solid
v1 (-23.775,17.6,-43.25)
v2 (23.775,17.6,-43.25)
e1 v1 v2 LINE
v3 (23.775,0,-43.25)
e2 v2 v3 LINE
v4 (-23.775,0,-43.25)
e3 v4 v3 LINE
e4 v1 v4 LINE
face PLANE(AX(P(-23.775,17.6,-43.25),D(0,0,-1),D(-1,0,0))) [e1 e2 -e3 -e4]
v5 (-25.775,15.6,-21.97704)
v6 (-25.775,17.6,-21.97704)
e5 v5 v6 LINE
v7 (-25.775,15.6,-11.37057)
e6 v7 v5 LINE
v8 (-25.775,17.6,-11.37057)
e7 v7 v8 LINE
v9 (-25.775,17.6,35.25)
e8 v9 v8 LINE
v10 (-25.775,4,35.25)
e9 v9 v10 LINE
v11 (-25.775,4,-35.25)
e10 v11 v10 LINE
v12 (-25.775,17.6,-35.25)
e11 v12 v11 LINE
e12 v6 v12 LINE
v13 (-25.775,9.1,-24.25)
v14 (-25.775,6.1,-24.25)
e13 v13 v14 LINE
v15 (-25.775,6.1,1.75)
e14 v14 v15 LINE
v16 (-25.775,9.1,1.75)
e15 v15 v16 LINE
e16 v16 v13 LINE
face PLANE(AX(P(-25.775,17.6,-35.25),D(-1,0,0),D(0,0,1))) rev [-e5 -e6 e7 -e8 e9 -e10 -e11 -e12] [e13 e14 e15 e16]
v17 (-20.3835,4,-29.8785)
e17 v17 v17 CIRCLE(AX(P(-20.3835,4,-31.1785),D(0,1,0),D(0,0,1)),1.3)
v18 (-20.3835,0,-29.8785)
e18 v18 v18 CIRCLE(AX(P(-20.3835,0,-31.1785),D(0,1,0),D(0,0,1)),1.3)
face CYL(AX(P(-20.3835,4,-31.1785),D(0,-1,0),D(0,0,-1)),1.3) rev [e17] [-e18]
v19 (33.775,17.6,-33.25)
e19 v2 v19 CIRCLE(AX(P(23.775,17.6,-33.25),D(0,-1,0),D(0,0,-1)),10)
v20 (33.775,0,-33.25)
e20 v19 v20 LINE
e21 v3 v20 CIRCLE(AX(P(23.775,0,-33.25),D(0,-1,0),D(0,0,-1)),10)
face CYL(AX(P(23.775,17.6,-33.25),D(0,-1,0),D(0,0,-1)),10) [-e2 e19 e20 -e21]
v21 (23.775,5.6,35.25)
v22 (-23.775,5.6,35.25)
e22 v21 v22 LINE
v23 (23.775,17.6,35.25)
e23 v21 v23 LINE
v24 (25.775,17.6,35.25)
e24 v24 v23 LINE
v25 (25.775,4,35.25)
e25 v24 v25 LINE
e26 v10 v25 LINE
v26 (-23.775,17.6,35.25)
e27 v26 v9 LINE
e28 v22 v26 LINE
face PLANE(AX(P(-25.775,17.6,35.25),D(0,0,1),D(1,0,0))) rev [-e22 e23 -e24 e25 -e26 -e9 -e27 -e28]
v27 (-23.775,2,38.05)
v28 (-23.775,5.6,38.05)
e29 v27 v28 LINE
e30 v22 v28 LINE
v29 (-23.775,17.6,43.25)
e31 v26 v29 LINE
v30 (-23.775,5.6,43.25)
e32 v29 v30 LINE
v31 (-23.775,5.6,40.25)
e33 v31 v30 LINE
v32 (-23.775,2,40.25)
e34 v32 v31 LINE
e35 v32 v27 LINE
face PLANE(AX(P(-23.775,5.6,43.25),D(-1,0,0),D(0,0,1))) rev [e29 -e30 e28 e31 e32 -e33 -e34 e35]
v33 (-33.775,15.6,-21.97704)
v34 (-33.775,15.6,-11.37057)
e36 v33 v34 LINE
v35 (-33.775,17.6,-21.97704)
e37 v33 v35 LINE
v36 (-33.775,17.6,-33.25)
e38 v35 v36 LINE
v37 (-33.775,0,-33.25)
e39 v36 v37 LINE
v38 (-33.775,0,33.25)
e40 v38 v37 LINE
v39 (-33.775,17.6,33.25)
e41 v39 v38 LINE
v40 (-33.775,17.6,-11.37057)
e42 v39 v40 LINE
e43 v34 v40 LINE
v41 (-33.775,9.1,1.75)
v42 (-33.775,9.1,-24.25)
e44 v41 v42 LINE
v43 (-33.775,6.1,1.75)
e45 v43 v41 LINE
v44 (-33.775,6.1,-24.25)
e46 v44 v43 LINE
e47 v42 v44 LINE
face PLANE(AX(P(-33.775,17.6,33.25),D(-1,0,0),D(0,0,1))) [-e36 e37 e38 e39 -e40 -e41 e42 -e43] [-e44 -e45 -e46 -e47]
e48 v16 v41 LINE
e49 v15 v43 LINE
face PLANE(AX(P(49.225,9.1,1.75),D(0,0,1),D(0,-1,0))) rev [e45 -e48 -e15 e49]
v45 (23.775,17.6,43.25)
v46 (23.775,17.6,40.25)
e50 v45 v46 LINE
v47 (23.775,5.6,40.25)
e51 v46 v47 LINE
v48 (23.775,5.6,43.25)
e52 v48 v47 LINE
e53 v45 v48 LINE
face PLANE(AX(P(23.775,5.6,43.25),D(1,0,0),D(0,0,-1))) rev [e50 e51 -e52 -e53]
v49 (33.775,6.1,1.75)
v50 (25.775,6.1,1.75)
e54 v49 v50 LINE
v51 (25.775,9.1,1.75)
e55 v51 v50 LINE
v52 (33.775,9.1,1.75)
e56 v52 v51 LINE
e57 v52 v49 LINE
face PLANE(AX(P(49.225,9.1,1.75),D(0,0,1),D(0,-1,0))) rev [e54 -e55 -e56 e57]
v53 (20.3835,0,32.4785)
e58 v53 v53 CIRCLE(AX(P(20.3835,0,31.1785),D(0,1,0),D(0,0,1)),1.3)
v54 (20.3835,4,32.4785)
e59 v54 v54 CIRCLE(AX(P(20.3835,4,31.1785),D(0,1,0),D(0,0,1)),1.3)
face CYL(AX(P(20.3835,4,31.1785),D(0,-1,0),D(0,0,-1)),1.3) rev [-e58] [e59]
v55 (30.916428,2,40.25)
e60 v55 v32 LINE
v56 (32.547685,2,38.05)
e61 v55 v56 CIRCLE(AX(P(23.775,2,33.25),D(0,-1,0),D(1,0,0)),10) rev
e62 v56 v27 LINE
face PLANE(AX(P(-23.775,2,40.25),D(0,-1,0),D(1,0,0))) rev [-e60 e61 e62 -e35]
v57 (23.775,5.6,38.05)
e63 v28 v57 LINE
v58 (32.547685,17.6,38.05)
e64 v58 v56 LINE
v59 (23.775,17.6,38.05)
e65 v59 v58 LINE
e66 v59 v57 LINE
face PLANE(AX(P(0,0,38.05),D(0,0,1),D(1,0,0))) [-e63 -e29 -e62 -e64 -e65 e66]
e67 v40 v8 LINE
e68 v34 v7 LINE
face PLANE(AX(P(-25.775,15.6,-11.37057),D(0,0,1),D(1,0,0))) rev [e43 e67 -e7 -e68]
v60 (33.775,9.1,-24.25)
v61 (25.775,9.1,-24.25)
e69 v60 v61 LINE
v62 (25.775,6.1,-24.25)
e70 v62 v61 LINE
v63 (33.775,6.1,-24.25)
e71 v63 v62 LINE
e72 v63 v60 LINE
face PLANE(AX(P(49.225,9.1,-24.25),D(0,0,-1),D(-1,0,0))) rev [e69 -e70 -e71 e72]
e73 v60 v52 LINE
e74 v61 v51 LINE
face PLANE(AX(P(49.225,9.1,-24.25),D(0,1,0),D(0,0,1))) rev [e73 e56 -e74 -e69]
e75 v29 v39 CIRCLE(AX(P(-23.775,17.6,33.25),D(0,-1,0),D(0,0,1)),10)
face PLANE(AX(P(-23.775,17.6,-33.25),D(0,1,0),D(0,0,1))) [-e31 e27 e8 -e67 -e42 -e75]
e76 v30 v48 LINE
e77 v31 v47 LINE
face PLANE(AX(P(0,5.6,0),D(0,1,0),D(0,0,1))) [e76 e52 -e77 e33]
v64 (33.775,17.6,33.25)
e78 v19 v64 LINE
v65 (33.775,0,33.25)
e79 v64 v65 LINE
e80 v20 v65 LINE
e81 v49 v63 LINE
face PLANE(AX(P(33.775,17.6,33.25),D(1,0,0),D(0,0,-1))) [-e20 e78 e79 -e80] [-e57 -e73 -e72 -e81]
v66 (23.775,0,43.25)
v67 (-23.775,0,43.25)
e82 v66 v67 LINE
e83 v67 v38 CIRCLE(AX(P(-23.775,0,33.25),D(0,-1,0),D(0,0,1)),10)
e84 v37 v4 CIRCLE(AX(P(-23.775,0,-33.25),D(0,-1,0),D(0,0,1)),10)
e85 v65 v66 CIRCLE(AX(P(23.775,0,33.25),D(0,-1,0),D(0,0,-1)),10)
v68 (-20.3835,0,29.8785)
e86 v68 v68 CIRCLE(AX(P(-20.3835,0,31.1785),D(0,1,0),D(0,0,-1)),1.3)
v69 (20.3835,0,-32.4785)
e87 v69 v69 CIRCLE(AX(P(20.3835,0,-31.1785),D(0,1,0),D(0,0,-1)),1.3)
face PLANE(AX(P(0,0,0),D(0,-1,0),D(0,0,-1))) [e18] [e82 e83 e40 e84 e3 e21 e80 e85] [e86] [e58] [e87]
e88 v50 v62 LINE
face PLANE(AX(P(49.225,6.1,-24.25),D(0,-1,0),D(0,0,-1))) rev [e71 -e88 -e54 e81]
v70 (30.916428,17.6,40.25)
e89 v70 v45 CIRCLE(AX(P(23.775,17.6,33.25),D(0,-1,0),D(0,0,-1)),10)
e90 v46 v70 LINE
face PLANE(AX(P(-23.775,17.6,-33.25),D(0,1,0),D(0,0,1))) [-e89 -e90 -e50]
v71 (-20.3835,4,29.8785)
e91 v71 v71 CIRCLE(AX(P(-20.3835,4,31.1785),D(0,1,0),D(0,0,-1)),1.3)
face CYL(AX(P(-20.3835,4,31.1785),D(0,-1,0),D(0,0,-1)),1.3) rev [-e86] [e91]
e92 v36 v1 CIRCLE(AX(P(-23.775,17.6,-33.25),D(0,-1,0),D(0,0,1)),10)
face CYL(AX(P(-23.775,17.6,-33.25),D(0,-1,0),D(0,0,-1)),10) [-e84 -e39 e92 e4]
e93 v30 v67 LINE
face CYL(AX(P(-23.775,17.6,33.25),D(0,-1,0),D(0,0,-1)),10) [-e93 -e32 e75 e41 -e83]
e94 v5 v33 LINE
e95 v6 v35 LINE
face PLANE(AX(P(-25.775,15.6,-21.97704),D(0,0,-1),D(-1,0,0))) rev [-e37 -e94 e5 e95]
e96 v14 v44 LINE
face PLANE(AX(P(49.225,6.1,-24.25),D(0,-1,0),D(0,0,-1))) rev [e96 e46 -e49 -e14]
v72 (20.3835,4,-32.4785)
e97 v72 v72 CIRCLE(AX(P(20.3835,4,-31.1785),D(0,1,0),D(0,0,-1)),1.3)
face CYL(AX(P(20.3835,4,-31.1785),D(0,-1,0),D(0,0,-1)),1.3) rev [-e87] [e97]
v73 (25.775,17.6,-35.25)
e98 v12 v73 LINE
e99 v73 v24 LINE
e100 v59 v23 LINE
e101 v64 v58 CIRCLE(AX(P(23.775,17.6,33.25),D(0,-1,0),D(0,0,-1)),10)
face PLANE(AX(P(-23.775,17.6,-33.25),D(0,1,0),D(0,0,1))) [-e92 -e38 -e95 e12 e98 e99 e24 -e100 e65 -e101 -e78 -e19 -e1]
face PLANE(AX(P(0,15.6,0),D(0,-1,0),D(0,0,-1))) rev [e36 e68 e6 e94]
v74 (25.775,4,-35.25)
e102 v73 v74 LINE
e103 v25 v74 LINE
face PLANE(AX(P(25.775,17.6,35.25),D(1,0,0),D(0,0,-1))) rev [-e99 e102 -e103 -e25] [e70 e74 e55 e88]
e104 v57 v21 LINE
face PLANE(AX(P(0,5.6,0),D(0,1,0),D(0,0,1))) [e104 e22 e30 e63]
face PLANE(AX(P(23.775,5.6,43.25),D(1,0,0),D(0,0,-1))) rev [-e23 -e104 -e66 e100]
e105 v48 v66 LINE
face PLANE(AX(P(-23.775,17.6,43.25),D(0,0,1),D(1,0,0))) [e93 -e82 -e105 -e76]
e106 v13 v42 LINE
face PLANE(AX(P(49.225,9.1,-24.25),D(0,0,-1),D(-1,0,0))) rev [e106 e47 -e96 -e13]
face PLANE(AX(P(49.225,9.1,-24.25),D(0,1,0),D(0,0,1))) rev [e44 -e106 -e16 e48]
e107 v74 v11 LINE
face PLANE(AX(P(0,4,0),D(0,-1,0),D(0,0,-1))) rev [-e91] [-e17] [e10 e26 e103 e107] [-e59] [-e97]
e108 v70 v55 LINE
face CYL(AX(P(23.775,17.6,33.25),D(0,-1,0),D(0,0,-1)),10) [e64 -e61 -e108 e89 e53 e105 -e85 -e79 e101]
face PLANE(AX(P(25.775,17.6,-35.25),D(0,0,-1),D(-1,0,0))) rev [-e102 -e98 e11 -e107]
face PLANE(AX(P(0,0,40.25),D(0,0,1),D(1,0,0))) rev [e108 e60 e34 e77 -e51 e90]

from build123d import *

# Parameters (mm, degrees)
SKETCH_1_W          = 51.55
SKETCH_1_H          = 70.5
SKETCH_1_R          = 1.3
EXTRUDE_1_DEPTH     = 4
SKETCH_2_W          = 51.55
SKETCH_2_H          = 70.5
EXTRUDE_2_DEPTH     = 17.6
SKETCH_4_W          = 47.55
SKETCH_4_H          = 8
CUT_EXTRUDE_1_DEPTH = 12
SKETCH_6_W          = 57.55
SKETCH_6_H          = 15.6
CUT_EXTRUDE_3_DEPTH = 2.2
SKETCH_7_W          = 8
SKETCH_7_H          = 10.60647
CUT_EXTRUDE_4_DEPTH = 2
SKETCH_8_W          = 26
SKETCH_8_H          = 3
CUT_EXTRUDE_5_DEPTH = 83


with BuildPart() as part:
    # 草图1 → 凸台-拉伸1 (new body)
    with BuildSketch(Plane(origin=(0, 0, 0), x_dir=(1, 0, 0), z_dir=(0, 1, 0))):
        Rectangle(SKETCH_1_W, SKETCH_1_H)
        with Locations(Location((-20.3835, 31.1785, 0), (0, 0, 270))):
            Circle(SKETCH_1_R, mode=Mode.SUBTRACT)
        with Locations(Location((20.3835, 31.1785, 0), (0, 0, 90))):
            Circle(SKETCH_1_R, mode=Mode.SUBTRACT)
        with Locations(Location((20.3835, -31.1785, 0), (0, 0, 270))):
            Circle(SKETCH_1_R, mode=Mode.SUBTRACT)
        with Locations(Location((-20.3835, -31.1785, 0), (0, 0, 90))):
            Circle(SKETCH_1_R, mode=Mode.SUBTRACT)
    extrude(amount=EXTRUDE_1_DEPTH)

    # 草图2 → 凸台-拉伸2 (add)
    with BuildSketch(Plane.XZ):
        with BuildLine():
            Line((-23.775, 43.25), (23.775, 43.25))
            ThreePointArc((23.775, 43.25), (30.846067812, 40.321067812), (33.775, 33.25))
            Line((33.775, 33.25), (33.775, -33.25))
            ThreePointArc((33.775, -33.25), (30.846067812, -40.321067812), (23.775, -43.25))
            Line((23.775, -43.25), (-23.775, -43.25))
            ThreePointArc((-23.775, -43.25), (-30.846067812, -40.321067812), (-33.775, -33.25))
            Line((-33.775, -33.25), (-33.775, 33.25))
            ThreePointArc((-33.775, 33.25), (-30.846067812, 40.321067812), (-23.775, 43.25))
        make_face()
        Rectangle(SKETCH_2_W, SKETCH_2_H, mode=Mode.SUBTRACT)
    extrude(amount=-EXTRUDE_2_DEPTH)

    # 草图4 → 切除-拉伸1 (cut)
    with BuildSketch(Plane(origin=(0, 17.6, 0), x_dir=(1, 0, 0), z_dir=(0, 1, 0))):
        with Locations((0, -39.25)):
            Rectangle(SKETCH_4_W, SKETCH_4_H)
    extrude(amount=-CUT_EXTRUDE_1_DEPTH, mode=Mode.SUBTRACT)

    # 草图6 → 切除-拉伸3 (cut)
    with BuildSketch(Plane(origin=(0, 0, 38.05), x_dir=(-1, 0, 0), z_dir=(0, 0, -1))):
        with Locations((-5, 9.8)):
            Rectangle(SKETCH_6_W, SKETCH_6_H)
    extrude(amount=-CUT_EXTRUDE_3_DEPTH, mode=Mode.SUBTRACT)

    # 草图7 → 切除-拉伸4 (cut)
    with BuildSketch(Plane(origin=(0, 17.6, 0), x_dir=(1, 0, 0), z_dir=(0, 1, 0))):
        with Locations((-29.775, 16.673805)):
            Rectangle(SKETCH_7_W, SKETCH_7_H)
    extrude(amount=-CUT_EXTRUDE_4_DEPTH, mode=Mode.SUBTRACT)

    # 草图8 → 切除-拉伸5 (cut)
    with BuildSketch(Plane.ZY.offset(33.775)):
        with Locations((-11.25, 7.6)):
            Rectangle(SKETCH_8_W, SKETCH_8_H)
    extrude(amount=-CUT_EXTRUDE_5_DEPTH, mode=Mode.SUBTRACT)


solid = part.part
